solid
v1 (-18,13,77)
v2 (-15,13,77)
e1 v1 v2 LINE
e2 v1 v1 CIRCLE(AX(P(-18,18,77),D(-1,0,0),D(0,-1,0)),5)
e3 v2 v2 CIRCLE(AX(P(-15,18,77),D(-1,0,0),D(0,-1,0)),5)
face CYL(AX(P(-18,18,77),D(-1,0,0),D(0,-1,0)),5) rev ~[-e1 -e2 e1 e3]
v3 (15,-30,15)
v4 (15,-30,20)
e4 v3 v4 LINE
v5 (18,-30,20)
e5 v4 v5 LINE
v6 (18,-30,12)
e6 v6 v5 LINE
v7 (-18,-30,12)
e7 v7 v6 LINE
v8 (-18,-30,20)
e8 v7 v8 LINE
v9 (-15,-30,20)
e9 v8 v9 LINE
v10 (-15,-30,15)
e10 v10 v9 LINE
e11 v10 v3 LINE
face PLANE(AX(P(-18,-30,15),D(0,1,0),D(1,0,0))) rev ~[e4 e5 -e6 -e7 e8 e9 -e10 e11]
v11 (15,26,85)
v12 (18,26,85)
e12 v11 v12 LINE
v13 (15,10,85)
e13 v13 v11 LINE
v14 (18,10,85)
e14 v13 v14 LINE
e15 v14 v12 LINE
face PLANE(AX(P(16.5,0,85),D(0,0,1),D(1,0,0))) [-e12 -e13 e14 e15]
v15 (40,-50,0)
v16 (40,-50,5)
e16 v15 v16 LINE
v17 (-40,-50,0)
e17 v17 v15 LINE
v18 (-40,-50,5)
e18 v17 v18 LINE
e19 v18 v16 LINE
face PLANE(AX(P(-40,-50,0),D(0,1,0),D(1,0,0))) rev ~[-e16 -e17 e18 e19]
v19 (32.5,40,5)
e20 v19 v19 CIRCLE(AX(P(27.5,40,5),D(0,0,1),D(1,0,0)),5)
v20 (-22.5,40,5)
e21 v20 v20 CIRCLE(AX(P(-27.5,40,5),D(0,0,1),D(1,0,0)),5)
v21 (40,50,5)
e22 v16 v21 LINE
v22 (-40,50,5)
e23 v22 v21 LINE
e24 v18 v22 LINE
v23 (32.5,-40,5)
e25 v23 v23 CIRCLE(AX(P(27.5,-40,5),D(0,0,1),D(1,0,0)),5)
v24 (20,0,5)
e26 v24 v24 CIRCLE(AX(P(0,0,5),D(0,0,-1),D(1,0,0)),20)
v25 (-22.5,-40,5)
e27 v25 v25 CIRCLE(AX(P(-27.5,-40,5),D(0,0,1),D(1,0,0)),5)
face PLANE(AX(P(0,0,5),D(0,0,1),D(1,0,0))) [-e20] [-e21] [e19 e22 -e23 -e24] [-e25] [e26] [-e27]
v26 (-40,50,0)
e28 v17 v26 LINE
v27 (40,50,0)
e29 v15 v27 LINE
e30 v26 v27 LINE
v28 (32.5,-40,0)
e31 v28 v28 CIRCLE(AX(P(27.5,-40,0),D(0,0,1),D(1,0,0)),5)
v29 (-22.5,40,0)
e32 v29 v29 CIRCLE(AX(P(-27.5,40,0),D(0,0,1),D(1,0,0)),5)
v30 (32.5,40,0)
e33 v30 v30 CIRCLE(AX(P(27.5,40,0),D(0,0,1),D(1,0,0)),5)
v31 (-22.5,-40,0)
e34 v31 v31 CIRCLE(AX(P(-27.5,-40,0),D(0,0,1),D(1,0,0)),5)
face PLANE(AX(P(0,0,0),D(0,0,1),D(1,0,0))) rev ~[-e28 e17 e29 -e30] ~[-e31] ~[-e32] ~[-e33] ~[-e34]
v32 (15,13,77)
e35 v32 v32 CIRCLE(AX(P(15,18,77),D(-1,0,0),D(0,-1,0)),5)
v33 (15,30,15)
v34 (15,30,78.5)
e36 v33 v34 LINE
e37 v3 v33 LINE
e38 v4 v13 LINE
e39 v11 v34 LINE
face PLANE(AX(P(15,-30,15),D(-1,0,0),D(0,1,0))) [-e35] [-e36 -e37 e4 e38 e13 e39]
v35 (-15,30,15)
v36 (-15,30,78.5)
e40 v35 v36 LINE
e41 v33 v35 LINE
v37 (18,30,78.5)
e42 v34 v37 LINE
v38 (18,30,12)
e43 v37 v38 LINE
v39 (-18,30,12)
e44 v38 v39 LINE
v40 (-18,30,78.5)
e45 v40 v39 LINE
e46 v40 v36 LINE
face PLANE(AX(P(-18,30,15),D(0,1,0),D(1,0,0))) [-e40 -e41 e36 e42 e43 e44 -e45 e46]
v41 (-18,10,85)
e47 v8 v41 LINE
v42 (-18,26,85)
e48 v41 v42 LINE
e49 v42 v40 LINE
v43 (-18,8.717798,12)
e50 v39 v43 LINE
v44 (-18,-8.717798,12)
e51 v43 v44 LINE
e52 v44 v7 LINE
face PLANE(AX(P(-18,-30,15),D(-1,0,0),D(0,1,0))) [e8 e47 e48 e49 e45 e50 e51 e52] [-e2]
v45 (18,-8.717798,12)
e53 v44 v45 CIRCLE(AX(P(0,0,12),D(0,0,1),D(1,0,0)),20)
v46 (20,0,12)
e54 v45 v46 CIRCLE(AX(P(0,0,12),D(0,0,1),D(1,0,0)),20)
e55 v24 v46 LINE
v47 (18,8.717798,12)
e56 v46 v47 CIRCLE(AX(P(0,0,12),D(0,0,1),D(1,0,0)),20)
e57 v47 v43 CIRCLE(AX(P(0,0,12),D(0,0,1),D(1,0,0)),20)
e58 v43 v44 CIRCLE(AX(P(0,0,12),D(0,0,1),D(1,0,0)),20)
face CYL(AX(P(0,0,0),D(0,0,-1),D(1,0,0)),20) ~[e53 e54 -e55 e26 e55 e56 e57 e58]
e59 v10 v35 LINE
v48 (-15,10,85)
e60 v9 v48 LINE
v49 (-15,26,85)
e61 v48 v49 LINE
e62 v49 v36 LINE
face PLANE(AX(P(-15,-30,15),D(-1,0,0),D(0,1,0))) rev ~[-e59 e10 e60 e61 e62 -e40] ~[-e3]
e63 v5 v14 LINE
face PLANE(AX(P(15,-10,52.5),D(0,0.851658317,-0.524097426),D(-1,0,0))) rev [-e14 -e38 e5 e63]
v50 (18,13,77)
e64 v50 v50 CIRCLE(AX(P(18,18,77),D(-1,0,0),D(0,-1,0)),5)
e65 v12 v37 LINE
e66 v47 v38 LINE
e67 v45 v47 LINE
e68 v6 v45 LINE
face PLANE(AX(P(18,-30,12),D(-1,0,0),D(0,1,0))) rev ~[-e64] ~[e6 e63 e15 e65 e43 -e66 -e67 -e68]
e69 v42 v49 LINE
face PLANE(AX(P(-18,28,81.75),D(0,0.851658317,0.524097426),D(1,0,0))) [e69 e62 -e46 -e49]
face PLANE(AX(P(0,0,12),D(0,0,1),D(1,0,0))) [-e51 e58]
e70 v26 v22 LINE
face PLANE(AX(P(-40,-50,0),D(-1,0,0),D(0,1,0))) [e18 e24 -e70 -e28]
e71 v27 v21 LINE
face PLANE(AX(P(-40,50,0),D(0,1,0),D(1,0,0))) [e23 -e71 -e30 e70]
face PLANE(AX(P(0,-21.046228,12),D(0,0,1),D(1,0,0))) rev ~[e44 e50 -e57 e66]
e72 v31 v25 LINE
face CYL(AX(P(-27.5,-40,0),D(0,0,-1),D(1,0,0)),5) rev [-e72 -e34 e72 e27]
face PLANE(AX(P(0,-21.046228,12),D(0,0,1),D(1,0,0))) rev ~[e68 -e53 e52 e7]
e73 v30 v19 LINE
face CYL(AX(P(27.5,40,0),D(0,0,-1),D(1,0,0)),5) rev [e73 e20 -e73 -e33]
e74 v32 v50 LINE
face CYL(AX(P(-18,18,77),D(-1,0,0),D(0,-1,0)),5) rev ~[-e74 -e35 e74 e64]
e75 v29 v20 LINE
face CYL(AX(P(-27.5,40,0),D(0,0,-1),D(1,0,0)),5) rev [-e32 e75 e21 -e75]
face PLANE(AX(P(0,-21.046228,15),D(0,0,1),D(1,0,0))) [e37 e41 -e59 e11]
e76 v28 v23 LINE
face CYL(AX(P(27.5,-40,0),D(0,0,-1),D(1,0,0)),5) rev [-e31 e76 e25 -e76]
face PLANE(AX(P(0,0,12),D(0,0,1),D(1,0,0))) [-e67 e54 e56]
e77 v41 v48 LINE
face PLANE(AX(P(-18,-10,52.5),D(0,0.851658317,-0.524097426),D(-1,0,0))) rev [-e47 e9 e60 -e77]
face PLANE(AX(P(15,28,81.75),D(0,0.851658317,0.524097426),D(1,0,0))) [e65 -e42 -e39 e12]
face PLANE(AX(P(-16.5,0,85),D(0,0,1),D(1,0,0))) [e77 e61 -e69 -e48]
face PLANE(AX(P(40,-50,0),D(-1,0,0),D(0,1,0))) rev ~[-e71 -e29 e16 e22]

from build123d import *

# Parameters (mm, degrees)
F0_W       = 80
F0_H       = 100
F0_R       = 5
F0_R_2     = 20
F1_DEPTH   = 5
F2_DEPTH   = 12
F4_DEPTH   = 3
F5_W       = 3
F5_H       = 60
F6_DEPTH   = 70
F7_SIZE2   = 40
F7_SIZE    = 65
F8_SIZE2   = 6.5
F8_SIZE    = 4
F8_2_SIZE2 = 6.5
F8_2_SIZE  = 4
F9_R       = 5
F10_DEPTH  = 60


with BuildPart() as f1:
    # F0 (on Top) → F1 (new body)
    with BuildSketch(Plane.XY):
        Rectangle(F0_W, F0_H)
        with Locations((-27.5, -40)):
            Circle(F0_R, mode=Mode.SUBTRACT)
        with Locations((27.5, -40)):
            Circle(F0_R, mode=Mode.SUBTRACT)
        with Locations((-27.5, 40)):
            Circle(F0_R, mode=Mode.SUBTRACT)
        Circle(F0_R_2, mode=Mode.SUBTRACT)
        with Locations((27.5, 40)):
            Circle(F0_R, mode=Mode.SUBTRACT)
        Circle(F0_R_2)
    extrude(amount=F1_DEPTH)

    # F0 (on Top) → F2 (join)
    with BuildSketch(Plane.XY):
        Circle(F0_R_2)
    extrude(amount=F2_DEPTH)

    # F3 (on face) → F4 (join)
    with BuildSketch(Plane.XY.offset(12)):
        with BuildLine():
            Line((-18, -30), (18, -30))
            Line((18, -30), (18, -8.7177978871))
            ThreePointArc((18, -8.7177978871), (0, -20), (-18, -8.7177978871))
            Line((-18, -8.7177978871), (-18, -30))
        make_face()
        with BuildLine():
            ThreePointArc((-18, -8.7177978871), (0, -20), (18, -8.7177978871))
            Line((18, -8.7177978871), (18, 8.7177978871))
            ThreePointArc((18, 8.7177978871), (0, 20), (-18, 8.7177978871))
            Line((-18, 8.7177978871), (-18, -8.7177978871))
        make_face()
        with BuildLine():
            ThreePointArc((-18, 8.7177978871), (0, 20), (18, 8.7177978871))
            Line((18, 8.7177978871), (18, 30))
            Line((18, 30), (-18, 30))
            Line((-18, 30), (-18, 8.7177978871))
        make_face()
    extrude(amount=F4_DEPTH)

    # F5 (on face) → F6 (join)
    with BuildSketch(Plane.XY.offset(15)):
        with Locations((-16.5, 0)):
            Rectangle(F5_W, F5_H)
        with Locations((16.5, 0)):
            Rectangle(F5_W, F5_H)
    extrude(amount=F6_DEPTH)

    # F7
    f7_edges = [f1.edges().sort_by_distance(p)[0] for p in [
        (16.5, -30, 85),
        (-16.5, -30, 85),
    ]]
    f7_side = f1.faces().sort_by_distance((-17.186059, -30, 48.5))[0]
    chamfer(f7_edges, length=F7_SIZE, length2=F7_SIZE2, reference=f7_side)

    # F8
    f8_edges = [f1.edges().sort_by_distance(p)[0] for p in [
        (16.5, 30, 85),
    ]]
    f8_side = f1.faces().sort_by_distance((16.5, 20, 85))[0]
    chamfer(f8_edges, length=F8_SIZE, length2=F8_SIZE2, reference=f8_side)

    # F8#2
    f8_2_edges = [f1.edges().sort_by_distance(p)[0] for p in [
        (-16.5, 30, 85),
    ]]
    f8_2_side = f1.faces().sort_by_distance((-16.5, 20, 85))[0]
    chamfer(f8_2_edges, length=F8_2_SIZE, length2=F8_2_SIZE2, reference=f8_2_side)

    # F9 (on face) → F10 (cut)
    with BuildSketch(Plane(origin=(-18, 0, 0), x_dir=(0, -1, 0), z_dir=(-1, 0, 0))):
        with Locations((-18, 77)):
            Circle(F9_R)
    extrude(amount=-F10_DEPTH, mode=Mode.SUBTRACT)


solid = f1.part
